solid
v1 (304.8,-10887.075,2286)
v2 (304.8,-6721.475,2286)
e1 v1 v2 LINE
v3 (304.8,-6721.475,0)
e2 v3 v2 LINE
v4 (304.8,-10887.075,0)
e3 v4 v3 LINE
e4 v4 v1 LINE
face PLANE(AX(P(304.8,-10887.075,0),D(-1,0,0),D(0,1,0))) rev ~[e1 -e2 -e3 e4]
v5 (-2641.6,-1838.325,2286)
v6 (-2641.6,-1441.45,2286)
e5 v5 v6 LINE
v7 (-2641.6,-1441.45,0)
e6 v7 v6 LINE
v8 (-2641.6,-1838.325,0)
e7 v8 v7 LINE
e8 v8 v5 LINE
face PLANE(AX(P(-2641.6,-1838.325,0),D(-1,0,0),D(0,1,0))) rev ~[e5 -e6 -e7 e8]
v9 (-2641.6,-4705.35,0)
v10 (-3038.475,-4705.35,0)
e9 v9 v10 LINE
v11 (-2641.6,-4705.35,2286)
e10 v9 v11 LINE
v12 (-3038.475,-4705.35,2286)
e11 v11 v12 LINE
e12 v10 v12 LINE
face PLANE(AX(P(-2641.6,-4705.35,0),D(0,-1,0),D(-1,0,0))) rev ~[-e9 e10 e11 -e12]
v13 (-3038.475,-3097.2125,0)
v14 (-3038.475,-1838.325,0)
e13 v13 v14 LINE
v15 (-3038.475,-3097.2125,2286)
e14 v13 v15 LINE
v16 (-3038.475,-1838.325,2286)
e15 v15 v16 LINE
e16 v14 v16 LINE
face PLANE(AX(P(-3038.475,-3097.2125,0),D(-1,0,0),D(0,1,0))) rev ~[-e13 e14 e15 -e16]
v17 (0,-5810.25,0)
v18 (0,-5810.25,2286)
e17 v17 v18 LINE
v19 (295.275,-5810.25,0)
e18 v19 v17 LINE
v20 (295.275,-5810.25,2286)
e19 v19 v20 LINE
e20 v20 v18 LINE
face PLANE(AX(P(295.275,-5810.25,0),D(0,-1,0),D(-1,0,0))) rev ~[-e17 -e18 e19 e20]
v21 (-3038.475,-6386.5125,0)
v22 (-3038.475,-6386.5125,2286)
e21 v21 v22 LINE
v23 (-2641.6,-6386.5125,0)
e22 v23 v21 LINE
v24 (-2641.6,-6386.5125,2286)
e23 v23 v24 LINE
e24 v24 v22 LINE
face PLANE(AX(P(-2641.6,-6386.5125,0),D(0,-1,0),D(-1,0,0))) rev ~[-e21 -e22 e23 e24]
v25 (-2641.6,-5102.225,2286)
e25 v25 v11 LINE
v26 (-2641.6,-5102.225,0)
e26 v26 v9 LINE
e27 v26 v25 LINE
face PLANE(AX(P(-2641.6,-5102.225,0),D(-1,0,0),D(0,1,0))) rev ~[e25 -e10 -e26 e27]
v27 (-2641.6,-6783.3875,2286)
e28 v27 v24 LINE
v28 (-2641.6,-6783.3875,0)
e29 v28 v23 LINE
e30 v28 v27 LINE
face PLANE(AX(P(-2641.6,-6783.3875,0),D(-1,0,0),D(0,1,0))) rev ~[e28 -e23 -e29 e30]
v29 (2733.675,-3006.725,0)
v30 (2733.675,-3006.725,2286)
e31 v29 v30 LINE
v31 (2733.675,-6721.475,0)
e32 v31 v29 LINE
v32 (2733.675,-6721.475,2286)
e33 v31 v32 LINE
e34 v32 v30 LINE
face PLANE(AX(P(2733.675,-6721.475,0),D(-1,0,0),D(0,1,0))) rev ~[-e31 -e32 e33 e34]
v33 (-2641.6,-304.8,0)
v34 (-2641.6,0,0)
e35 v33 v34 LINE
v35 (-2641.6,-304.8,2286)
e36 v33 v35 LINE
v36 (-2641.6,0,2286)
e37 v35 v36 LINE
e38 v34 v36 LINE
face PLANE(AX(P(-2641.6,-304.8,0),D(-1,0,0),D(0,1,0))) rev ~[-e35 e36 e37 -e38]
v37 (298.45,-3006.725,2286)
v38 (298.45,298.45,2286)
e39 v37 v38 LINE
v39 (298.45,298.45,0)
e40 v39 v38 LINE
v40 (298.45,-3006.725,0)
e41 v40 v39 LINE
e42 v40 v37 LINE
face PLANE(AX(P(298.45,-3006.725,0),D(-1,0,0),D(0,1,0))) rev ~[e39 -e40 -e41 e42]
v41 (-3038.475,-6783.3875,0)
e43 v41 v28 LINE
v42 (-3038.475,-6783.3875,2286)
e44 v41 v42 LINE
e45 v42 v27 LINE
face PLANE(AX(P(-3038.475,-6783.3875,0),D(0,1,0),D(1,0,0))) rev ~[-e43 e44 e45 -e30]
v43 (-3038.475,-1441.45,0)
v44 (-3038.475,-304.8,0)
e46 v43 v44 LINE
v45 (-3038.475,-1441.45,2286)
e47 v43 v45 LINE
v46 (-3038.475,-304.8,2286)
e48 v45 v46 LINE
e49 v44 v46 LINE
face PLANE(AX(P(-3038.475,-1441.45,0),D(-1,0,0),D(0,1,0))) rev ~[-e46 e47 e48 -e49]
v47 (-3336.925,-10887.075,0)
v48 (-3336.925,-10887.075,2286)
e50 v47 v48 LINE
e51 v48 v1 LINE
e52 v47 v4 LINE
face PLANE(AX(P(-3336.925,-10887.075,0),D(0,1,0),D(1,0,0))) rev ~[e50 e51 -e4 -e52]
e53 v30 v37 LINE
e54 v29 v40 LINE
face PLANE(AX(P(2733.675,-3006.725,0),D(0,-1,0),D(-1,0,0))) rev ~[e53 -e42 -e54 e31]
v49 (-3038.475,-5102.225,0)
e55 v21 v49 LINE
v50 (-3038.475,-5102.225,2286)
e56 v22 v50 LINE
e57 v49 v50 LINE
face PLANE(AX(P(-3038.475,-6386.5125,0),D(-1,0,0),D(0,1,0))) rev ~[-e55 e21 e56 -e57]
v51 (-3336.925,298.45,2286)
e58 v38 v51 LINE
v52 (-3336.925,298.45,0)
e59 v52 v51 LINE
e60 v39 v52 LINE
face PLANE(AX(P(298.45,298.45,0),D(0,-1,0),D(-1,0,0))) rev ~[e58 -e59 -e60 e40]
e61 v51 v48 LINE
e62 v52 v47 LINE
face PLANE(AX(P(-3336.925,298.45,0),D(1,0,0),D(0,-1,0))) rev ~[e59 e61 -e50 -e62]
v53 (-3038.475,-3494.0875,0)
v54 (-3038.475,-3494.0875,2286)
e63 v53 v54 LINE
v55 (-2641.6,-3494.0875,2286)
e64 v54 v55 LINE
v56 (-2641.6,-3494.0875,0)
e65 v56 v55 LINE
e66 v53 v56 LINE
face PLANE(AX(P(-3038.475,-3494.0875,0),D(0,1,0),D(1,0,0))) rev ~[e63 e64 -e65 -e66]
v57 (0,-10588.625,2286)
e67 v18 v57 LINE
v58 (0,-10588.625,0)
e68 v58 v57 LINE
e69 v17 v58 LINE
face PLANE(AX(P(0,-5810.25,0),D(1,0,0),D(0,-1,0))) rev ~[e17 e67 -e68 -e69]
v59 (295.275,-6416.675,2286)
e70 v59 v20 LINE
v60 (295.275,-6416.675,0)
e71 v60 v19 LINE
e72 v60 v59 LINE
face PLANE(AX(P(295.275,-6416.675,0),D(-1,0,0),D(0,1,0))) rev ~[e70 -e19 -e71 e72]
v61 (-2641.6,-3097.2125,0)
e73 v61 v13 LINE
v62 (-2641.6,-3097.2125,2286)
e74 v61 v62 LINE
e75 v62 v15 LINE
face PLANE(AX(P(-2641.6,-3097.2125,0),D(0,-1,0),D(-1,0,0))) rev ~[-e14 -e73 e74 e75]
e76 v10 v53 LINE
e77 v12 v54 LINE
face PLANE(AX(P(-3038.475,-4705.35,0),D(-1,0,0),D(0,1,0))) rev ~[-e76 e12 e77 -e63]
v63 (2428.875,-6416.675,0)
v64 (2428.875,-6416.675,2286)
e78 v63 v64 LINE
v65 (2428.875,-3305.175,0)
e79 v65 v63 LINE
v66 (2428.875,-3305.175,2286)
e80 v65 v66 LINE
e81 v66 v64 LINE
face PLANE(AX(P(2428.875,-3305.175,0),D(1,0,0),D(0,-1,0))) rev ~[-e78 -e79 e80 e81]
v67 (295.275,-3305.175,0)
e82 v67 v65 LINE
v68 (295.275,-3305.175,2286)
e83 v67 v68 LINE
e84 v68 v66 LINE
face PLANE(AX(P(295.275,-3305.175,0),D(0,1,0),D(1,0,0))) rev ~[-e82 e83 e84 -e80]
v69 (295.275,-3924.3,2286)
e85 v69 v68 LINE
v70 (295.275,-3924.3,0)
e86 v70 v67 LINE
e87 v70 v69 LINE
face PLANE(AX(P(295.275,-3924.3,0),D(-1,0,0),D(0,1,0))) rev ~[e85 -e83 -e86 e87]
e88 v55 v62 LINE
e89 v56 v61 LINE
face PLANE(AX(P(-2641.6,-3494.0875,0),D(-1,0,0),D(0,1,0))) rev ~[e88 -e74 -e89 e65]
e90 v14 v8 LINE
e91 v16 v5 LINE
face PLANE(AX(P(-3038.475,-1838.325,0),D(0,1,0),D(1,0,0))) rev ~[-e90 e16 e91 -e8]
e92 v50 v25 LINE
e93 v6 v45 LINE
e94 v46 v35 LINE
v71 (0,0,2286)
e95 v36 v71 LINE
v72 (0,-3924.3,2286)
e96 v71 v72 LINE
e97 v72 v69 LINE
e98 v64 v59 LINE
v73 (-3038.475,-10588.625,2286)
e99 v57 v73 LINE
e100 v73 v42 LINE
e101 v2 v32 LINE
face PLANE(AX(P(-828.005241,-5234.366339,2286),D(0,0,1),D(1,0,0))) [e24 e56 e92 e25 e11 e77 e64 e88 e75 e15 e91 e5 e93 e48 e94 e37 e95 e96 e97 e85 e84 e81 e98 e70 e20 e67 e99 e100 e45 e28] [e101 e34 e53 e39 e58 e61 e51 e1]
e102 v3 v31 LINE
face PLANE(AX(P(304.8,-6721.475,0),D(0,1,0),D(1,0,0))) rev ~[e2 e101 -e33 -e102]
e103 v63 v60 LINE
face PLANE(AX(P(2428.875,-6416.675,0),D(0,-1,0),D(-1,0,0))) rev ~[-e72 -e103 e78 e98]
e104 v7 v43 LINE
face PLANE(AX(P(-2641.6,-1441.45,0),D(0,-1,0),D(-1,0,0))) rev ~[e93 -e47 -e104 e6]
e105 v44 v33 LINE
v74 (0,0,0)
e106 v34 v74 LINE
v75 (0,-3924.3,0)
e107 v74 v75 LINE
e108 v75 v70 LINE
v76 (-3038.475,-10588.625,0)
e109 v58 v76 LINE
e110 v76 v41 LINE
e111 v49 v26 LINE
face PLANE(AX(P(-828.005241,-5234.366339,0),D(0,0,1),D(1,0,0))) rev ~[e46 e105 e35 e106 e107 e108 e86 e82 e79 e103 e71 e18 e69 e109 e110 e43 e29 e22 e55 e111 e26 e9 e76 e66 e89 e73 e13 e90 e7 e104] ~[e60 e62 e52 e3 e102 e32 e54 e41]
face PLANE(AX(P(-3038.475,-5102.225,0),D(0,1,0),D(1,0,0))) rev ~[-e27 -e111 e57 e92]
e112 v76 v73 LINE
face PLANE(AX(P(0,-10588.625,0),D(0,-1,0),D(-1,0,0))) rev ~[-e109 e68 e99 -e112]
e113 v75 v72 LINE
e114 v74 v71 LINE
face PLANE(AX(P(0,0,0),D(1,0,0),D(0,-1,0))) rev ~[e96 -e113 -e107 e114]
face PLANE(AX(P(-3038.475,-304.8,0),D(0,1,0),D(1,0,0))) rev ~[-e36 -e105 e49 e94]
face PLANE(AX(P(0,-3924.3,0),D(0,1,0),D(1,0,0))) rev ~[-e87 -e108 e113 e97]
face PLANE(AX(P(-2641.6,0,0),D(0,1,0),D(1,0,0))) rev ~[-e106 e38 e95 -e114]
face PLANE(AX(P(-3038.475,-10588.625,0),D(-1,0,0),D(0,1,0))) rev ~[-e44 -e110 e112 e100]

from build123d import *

# Parameters (mm, degrees)
F1_DEPTH = 2286


with BuildPart() as f1:
    # F0 (on Top) → F1 (new body)
    with BuildSketch(Plane.XY):
        Polygon((298.45, 298.45), (-3336.925, 298.45), (-3336.925, -10887.075), (304.8, -10887.075), (304.8, -6721.475), (2733.675, -6721.475), (2733.675, -3006.725), (298.45, -3006.725), align=None)
        Polygon((-2641.6, 0), (0, 0), (0, -3924.3), (295.275, -3924.3), (295.275, -3305.175), (2428.875, -3305.175), (2428.875, -6416.675), (295.275, -6416.675), (295.275, -5810.25), (0, -5810.25), (0, -10588.625), (-3038.475, -10588.625), (-3038.475, -6783.3875), (-2641.6, -6783.3875), (-2641.6, -6386.5125), (-3038.475, -6386.5125), (-3038.475, -5102.225), (-2641.6, -5102.225), (-2641.6, -4705.35), (-3038.475, -4705.35), (-3038.475, -3494.0875), (-2641.6, -3494.0875), (-2641.6, -3097.2125), (-3038.475, -3097.2125), (-3038.475, -1838.325), (-2641.6, -1838.325), (-2641.6, -1441.45), (-3038.475, -1441.45), (-3038.475, -304.8), (-2641.6, -304.8), align=None, mode=Mode.SUBTRACT)
    extrude(amount=F1_DEPTH)


solid = f1.part
